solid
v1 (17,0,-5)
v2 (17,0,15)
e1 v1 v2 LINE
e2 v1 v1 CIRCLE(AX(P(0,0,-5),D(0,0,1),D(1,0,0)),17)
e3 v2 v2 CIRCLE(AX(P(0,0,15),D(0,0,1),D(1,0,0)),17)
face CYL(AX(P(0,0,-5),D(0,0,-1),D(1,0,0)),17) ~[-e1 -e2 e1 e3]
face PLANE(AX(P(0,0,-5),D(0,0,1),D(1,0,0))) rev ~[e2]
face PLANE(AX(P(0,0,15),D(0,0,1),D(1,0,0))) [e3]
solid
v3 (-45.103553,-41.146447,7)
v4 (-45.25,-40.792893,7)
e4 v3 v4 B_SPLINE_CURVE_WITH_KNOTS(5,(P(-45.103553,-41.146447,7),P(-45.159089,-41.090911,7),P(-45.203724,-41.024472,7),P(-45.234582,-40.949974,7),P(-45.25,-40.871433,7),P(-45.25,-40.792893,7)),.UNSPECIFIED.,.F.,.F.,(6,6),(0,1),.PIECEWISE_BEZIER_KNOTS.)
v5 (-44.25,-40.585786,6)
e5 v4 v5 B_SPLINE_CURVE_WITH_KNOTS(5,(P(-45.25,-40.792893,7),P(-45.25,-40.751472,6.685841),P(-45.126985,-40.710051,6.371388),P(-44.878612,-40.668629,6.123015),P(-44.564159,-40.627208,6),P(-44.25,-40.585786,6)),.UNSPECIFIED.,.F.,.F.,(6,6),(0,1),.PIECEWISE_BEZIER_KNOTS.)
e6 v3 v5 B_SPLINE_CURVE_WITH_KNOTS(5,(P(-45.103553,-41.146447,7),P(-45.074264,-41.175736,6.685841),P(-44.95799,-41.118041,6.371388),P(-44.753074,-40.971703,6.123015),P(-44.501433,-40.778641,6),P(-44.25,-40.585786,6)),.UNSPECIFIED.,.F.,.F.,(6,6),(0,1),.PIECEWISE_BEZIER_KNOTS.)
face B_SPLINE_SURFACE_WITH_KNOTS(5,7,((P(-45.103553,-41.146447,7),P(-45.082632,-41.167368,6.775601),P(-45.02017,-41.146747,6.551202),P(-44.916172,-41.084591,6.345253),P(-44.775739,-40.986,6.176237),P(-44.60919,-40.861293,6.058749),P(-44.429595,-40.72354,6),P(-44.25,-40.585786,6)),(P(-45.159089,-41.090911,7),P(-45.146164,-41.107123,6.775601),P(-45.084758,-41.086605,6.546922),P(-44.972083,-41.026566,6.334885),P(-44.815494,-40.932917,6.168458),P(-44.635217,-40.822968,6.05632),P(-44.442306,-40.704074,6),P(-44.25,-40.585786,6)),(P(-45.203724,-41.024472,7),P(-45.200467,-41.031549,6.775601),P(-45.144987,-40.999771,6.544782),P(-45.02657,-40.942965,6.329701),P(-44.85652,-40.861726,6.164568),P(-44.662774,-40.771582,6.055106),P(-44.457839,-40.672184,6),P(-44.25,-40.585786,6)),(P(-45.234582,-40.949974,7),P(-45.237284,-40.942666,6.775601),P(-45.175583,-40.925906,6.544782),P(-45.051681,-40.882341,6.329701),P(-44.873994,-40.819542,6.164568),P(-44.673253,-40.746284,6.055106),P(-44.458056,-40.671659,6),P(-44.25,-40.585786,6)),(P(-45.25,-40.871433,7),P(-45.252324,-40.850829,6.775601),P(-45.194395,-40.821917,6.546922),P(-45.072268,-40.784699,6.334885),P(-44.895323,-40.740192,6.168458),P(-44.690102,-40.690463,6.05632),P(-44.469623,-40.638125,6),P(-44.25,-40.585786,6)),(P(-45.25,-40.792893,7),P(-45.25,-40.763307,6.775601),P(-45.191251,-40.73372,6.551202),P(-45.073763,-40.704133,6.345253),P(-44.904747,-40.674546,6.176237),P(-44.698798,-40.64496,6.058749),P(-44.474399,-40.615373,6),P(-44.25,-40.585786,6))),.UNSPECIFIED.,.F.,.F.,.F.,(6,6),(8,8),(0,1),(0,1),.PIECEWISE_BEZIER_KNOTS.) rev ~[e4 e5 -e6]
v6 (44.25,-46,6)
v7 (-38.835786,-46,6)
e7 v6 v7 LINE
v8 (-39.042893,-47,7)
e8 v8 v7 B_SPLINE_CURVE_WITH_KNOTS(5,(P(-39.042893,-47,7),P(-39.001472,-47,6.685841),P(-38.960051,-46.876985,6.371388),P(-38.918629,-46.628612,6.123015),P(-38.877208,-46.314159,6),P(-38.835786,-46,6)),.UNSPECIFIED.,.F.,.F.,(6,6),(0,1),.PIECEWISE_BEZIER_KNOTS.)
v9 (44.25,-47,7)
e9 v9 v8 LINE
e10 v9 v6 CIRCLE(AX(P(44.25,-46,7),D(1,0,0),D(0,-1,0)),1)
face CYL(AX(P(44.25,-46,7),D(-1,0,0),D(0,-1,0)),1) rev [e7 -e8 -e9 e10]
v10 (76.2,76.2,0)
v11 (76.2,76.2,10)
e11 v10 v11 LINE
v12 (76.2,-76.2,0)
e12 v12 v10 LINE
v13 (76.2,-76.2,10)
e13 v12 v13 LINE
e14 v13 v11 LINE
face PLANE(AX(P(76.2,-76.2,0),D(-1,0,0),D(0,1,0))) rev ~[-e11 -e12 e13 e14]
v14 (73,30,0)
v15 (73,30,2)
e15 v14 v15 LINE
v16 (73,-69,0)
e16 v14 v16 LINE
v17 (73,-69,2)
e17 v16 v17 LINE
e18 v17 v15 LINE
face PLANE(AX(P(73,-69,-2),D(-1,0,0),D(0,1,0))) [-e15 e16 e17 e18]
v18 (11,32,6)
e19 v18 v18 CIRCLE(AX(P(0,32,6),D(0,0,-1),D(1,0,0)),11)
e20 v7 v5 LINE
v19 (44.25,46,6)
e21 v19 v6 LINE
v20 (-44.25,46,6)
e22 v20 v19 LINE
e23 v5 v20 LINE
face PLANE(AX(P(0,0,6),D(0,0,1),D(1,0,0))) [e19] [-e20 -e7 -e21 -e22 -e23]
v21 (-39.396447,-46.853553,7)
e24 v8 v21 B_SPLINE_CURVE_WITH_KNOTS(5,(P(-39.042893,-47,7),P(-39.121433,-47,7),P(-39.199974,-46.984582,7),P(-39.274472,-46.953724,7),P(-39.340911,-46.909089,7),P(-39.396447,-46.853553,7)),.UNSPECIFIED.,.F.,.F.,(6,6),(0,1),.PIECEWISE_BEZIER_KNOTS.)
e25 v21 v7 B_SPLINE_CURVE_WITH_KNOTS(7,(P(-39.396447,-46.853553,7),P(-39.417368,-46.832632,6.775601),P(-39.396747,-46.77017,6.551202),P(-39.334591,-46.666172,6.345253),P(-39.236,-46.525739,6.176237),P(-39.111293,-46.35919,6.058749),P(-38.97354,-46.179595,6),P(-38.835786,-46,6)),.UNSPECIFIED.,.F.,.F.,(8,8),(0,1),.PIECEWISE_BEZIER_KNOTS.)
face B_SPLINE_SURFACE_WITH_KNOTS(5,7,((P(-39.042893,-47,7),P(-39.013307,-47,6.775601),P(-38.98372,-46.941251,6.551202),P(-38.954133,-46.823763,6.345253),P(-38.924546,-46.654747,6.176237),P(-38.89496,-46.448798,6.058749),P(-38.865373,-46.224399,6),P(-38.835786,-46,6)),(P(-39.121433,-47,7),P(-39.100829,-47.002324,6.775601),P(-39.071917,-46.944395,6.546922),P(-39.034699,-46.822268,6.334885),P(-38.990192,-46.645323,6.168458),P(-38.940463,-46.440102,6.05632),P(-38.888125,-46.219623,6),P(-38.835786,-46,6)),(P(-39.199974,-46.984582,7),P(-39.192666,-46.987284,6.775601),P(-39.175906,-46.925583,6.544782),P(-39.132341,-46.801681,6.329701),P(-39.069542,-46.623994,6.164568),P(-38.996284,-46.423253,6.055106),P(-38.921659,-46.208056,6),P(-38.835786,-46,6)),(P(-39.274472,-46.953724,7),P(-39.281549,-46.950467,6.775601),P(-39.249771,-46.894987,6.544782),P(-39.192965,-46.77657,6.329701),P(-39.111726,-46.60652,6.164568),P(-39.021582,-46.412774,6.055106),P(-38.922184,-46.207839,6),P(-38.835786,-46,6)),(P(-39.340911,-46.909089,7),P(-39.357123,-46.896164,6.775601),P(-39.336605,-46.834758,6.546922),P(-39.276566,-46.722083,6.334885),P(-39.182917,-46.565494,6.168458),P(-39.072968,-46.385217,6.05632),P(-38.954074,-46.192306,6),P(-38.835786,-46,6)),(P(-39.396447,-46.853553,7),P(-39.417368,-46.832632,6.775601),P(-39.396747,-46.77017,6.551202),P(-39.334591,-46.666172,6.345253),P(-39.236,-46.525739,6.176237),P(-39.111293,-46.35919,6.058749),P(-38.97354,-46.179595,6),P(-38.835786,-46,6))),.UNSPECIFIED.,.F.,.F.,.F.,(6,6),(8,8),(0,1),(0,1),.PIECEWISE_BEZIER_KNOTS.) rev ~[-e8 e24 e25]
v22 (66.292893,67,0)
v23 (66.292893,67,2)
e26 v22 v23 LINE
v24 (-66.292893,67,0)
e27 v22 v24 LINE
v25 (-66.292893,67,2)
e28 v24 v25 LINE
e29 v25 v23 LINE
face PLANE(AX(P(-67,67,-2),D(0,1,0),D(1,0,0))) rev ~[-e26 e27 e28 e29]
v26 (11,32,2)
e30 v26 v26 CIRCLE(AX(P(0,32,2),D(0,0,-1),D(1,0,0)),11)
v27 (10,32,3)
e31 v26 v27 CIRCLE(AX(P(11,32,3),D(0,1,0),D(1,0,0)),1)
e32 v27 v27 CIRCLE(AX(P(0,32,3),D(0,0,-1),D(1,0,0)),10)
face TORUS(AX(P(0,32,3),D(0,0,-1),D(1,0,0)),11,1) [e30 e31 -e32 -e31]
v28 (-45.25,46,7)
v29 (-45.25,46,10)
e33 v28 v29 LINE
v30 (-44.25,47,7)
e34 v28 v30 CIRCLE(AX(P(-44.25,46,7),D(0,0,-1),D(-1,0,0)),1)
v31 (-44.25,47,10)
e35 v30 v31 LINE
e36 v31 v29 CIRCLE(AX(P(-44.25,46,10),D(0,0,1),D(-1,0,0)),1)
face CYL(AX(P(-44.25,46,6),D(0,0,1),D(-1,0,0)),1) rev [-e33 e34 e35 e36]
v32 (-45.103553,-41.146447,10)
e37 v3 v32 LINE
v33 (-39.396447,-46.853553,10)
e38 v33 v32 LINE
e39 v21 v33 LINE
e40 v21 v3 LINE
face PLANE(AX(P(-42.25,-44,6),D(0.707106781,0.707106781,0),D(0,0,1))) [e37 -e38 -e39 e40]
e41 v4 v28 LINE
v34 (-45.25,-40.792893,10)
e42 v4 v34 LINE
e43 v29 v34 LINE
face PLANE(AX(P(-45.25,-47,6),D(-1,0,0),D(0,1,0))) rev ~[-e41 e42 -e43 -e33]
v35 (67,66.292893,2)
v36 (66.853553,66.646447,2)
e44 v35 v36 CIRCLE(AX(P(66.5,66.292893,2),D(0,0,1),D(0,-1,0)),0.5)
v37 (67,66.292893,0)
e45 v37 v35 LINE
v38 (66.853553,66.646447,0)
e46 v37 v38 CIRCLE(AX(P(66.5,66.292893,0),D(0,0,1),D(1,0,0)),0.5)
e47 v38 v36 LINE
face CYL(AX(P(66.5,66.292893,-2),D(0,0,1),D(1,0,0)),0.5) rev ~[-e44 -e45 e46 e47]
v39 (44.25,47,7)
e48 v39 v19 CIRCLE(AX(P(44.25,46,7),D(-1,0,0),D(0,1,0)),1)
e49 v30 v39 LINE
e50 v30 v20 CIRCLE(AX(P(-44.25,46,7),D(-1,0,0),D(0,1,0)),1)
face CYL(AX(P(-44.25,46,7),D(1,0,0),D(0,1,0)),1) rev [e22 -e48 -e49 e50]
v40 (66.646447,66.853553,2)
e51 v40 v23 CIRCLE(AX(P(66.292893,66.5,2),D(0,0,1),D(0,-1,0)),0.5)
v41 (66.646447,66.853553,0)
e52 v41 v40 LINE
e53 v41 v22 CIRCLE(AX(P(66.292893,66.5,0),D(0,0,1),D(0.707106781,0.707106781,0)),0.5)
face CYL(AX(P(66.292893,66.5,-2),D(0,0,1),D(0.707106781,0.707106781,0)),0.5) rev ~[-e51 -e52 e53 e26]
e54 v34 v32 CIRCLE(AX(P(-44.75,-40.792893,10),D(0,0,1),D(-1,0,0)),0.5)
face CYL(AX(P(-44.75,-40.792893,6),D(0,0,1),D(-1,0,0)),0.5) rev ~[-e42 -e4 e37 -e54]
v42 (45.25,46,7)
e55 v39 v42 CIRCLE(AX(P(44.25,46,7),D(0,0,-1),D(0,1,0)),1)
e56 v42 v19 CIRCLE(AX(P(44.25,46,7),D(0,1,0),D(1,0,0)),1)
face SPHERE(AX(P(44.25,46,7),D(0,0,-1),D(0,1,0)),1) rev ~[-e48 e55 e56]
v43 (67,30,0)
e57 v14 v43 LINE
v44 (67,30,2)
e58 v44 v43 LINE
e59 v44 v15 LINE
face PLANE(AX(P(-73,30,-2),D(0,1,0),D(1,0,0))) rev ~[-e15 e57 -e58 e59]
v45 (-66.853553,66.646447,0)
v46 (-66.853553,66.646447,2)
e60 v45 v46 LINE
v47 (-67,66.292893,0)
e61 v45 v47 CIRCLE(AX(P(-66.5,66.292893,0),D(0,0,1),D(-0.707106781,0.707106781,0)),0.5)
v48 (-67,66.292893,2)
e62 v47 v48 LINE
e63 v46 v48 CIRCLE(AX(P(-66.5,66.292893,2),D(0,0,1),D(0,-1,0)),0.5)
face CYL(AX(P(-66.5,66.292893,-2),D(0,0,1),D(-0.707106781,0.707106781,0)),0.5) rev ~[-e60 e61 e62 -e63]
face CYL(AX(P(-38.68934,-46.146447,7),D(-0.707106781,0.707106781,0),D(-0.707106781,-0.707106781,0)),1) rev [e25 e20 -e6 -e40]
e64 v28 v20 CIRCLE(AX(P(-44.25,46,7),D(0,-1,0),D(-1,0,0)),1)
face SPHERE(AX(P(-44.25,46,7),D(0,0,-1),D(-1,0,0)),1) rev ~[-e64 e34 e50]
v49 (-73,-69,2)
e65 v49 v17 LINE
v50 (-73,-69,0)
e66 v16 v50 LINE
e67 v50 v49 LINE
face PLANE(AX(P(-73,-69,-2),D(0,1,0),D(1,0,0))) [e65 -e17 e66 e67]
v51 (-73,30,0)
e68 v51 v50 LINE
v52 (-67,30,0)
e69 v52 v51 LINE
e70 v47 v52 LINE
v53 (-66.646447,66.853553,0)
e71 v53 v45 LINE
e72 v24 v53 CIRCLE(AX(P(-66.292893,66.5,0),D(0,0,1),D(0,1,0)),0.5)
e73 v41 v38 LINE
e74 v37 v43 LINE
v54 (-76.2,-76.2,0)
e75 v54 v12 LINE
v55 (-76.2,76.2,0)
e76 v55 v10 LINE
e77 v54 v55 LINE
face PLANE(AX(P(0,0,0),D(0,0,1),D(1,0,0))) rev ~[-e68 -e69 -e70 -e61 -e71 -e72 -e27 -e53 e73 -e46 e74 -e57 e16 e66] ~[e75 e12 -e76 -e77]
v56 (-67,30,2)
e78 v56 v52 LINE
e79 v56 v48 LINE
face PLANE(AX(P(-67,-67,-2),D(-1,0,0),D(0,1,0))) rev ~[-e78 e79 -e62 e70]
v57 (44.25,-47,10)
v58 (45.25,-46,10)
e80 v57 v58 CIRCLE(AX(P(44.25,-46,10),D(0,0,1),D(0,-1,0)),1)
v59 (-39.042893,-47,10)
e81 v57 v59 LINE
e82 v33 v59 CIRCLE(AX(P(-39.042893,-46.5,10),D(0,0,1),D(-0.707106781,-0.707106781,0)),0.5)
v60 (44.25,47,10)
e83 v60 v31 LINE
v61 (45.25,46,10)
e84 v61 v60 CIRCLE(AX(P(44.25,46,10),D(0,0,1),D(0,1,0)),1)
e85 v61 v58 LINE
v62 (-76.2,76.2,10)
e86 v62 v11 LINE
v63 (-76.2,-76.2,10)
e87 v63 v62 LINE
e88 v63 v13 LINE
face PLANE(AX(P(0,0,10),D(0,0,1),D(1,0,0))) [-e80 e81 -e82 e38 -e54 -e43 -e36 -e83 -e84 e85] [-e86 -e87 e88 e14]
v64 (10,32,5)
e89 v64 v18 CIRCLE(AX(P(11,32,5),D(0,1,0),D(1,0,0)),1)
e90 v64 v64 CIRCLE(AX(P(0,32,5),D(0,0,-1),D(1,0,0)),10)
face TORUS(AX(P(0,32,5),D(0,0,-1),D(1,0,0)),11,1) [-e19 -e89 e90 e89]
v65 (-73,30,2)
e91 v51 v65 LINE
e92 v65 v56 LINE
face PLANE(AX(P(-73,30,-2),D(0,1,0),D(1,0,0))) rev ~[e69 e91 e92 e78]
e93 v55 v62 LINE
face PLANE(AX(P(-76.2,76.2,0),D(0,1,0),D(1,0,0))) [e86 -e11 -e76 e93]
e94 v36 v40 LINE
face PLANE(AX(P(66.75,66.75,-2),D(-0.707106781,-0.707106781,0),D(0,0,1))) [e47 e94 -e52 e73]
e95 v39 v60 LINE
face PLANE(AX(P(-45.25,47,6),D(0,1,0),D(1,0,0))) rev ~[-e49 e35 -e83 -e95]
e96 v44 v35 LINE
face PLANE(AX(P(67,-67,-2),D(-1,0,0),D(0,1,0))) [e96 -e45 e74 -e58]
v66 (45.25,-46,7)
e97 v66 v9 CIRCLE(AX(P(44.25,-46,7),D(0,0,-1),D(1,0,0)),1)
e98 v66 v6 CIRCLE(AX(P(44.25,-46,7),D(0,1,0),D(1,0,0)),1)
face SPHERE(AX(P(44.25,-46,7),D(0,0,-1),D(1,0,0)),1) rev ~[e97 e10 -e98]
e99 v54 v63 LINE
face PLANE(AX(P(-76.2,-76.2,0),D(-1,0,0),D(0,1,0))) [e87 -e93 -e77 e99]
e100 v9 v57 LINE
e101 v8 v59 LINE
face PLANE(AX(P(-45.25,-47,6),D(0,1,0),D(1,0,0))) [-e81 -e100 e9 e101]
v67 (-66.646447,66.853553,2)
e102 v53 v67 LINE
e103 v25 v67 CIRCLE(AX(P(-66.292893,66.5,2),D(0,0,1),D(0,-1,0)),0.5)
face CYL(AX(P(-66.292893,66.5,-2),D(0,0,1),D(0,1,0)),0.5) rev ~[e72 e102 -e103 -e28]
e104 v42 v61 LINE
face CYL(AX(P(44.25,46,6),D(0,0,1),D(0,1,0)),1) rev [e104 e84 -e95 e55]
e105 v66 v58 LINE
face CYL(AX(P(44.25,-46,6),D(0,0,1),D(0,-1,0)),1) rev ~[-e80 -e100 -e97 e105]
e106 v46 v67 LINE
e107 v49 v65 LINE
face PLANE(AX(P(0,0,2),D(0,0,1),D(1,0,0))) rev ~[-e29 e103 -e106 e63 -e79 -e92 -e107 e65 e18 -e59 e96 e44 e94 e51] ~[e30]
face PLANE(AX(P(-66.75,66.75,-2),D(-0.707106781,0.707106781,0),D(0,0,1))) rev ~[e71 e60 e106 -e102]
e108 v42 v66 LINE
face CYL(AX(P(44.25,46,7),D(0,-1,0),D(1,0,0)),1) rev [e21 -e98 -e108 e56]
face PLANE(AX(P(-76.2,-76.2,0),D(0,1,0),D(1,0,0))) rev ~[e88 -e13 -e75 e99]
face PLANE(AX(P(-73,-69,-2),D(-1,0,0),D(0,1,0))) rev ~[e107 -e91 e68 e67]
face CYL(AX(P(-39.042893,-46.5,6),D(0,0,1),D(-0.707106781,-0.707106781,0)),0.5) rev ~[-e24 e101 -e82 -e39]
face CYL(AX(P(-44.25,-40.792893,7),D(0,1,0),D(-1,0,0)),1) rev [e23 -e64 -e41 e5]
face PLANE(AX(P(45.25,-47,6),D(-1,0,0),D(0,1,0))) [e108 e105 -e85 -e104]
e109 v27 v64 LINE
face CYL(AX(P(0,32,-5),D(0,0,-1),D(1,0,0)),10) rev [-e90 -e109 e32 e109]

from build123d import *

# Parameters (mm, degrees)
BOX001_W          = 90.5
BOX001_H          = 94
BOX001_DEPTH      = 8
CHAMFER_SIZE      = 6
FILLET_R          = 1
FILLET001_R       = 0.5
FILLET002_R       = 1
BOX002_W          = 134
BOX002_H          = 134
BOX002_DEPTH      = 4
CHAMFER001_SIZE   = 0.5
FILLET003_R       = 0.5
FILLET004_R       = 0.5
FILLET005_R       = 0.5
FILLET006_R       = 0.5
BOX003_W          = 146
BOX003_H          = 99
BOX003_DEPTH      = 4
CYLINDER_R        = 10
CYLINDER_DEPTH    = 20
BOX_W             = 152.4
BOX_H             = 152.4
BOX_DEPTH         = 10
FILLET007_R       = 1
CYLINDER001_R     = 17
CYLINDER001_DEPTH = 20


with BuildPart() as body:
    # Box001 → Box001 (join)
    with BuildSketch(Plane(origin=(-45.25, -47, 6), x_dir=(1, 0, 0), z_dir=(0, 0, 1))):
        with Locations((45.25, 47)):
            Rectangle(BOX001_W, BOX001_H)
    extrude(amount=BOX001_DEPTH)

    # Chamfer
    chamfer_edges = [body.edges().sort_by_distance(p)[0] for p in [
        (-45.25, -47, 10),
    ]]
    chamfer(chamfer_edges, length=CHAMFER_SIZE)

    # Fillet
    fillet_edges = [body.edges().sort_by_distance(p)[0] for p in [
        (45.25, 47, 10),
        (-45.25, 47, 10),
        (45.25, -47, 10),
    ]]
    fillet(fillet_edges, radius=FILLET_R)

    # Fillet001
    fillet001_edges = [body.edges().sort_by_distance(p)[0] for p in [
        (-45.25, -41, 10),
        (-39.25, -47, 10),
    ]]
    fillet(fillet001_edges, radius=FILLET001_R)

    # Fillet002
    fillet002_edges = [body.edges().sort_by_distance(p)[0] for p in [
        (-45.25, 2.603553, 6),
        (-45.21194, -40.984235, 6),
        (-42.25, -44, 6),
        (2.603553, -47, 6),
        (-39.234235, -46.96194, 6),
        (44.957107, -46.707107, 6),
        (45.25, 0, 6),
        (44.957107, 46.707107, 6),
        (0, 47, 6),
        (-44.957107, 46.707107, 6),
    ]]
    fillet(fillet002_edges, radius=FILLET002_R)


with BuildPart() as body002:
    # Box002 → Box002 (join)
    with BuildSketch(Plane(origin=(-67, -67, -2), x_dir=(1, 0, 0), z_dir=(0, 0, 1))):
        with Locations((67, 67)):
            Rectangle(BOX002_W, BOX002_H)
    extrude(amount=BOX002_DEPTH)

    # Chamfer001
    chamfer001_edges = [body002.edges().sort_by_distance(p)[0] for p in [
        (-67, -67, 0),
        (-67, 67, 0),
        (67, 67, 0),
        (67, -67, 0),
    ]]
    chamfer(chamfer001_edges, length=CHAMFER001_SIZE)

    # Fillet003
    fillet003_edges = [body002.edges().sort_by_distance(p)[0] for p in [
        (-66.5, -67, 0),
        (-67, -66.5, 0),
    ]]
    fillet(fillet003_edges, radius=FILLET003_R)

    # Fillet004
    fillet004_edges = [body002.edges().sort_by_distance(p)[0] for p in [
        (67, -66.5, 0),
        (66.5, -67, 0),
    ]]
    fillet(fillet004_edges, radius=FILLET004_R)

    # Fillet005
    fillet005_edges = [body002.edges().sort_by_distance(p)[0] for p in [
        (67, 66.5, 0),
        (66.5, 67, 0),
    ]]
    fillet(fillet005_edges, radius=FILLET005_R)

    # Fillet006
    fillet006_edges = [body002.edges().sort_by_distance(p)[0] for p in [
        (-67, 66.5, 0),
        (-66.5, 67, 0),
    ]]
    fillet(fillet006_edges, radius=FILLET006_R)


with BuildPart() as body003:
    # Box003 → Box003 (join)
    with BuildSketch(Plane(origin=(-73, -69, -2), x_dir=(1, 0, 0), z_dir=(0, 0, 1))):
        with Locations((73, 49.5)):
            Rectangle(BOX003_W, BOX003_H)
    extrude(amount=BOX003_DEPTH)


with BuildPart() as body004:
    # Cylinder → Cylinder (join)
    with BuildSketch(Plane(origin=(0, 32, -5), x_dir=(1, 0, 0), z_dir=(0, 0, 1))):
        Circle(CYLINDER_R)
    extrude(amount=CYLINDER_DEPTH)


with BuildPart() as base:
    # Box → Box (join)
    with BuildSketch(Plane(origin=(-76.2, -76.2, 0), x_dir=(1, 0, 0), z_dir=(0, 0, 1))):
        with Locations((76.2, 76.2)):
            Rectangle(BOX_W, BOX_H)
    extrude(amount=BOX_DEPTH)

    # Boolean: cut Body
    add(body.part, mode=Mode.SUBTRACT)

    # Boolean001: cut Body002, Body003, Body004
    add(body002.part, mode=Mode.SUBTRACT)
    add(body003.part, mode=Mode.SUBTRACT)
    add(body004.part, mode=Mode.SUBTRACT)

    # Fillet007
    fillet007_edges = [base.edges().sort_by_distance(p)[0] for p in [
        (-1.00509, 41.949362, 2),
        (0, 22, 2),
        (9.949362, 30.99491, 2),
        (10, 32, 4),
        (-10, 32, 6),
    ]]
    fillet(fillet007_edges, radius=FILLET007_R)


with BuildPart() as body005:
    # Cylinder001 → Cylinder001 (join)
    with BuildSketch(Plane.XY.offset(-5)):
        Circle(CYLINDER001_R)
    extrude(amount=CYLINDER001_DEPTH)


solid = Compound([base.part, body005.part])
